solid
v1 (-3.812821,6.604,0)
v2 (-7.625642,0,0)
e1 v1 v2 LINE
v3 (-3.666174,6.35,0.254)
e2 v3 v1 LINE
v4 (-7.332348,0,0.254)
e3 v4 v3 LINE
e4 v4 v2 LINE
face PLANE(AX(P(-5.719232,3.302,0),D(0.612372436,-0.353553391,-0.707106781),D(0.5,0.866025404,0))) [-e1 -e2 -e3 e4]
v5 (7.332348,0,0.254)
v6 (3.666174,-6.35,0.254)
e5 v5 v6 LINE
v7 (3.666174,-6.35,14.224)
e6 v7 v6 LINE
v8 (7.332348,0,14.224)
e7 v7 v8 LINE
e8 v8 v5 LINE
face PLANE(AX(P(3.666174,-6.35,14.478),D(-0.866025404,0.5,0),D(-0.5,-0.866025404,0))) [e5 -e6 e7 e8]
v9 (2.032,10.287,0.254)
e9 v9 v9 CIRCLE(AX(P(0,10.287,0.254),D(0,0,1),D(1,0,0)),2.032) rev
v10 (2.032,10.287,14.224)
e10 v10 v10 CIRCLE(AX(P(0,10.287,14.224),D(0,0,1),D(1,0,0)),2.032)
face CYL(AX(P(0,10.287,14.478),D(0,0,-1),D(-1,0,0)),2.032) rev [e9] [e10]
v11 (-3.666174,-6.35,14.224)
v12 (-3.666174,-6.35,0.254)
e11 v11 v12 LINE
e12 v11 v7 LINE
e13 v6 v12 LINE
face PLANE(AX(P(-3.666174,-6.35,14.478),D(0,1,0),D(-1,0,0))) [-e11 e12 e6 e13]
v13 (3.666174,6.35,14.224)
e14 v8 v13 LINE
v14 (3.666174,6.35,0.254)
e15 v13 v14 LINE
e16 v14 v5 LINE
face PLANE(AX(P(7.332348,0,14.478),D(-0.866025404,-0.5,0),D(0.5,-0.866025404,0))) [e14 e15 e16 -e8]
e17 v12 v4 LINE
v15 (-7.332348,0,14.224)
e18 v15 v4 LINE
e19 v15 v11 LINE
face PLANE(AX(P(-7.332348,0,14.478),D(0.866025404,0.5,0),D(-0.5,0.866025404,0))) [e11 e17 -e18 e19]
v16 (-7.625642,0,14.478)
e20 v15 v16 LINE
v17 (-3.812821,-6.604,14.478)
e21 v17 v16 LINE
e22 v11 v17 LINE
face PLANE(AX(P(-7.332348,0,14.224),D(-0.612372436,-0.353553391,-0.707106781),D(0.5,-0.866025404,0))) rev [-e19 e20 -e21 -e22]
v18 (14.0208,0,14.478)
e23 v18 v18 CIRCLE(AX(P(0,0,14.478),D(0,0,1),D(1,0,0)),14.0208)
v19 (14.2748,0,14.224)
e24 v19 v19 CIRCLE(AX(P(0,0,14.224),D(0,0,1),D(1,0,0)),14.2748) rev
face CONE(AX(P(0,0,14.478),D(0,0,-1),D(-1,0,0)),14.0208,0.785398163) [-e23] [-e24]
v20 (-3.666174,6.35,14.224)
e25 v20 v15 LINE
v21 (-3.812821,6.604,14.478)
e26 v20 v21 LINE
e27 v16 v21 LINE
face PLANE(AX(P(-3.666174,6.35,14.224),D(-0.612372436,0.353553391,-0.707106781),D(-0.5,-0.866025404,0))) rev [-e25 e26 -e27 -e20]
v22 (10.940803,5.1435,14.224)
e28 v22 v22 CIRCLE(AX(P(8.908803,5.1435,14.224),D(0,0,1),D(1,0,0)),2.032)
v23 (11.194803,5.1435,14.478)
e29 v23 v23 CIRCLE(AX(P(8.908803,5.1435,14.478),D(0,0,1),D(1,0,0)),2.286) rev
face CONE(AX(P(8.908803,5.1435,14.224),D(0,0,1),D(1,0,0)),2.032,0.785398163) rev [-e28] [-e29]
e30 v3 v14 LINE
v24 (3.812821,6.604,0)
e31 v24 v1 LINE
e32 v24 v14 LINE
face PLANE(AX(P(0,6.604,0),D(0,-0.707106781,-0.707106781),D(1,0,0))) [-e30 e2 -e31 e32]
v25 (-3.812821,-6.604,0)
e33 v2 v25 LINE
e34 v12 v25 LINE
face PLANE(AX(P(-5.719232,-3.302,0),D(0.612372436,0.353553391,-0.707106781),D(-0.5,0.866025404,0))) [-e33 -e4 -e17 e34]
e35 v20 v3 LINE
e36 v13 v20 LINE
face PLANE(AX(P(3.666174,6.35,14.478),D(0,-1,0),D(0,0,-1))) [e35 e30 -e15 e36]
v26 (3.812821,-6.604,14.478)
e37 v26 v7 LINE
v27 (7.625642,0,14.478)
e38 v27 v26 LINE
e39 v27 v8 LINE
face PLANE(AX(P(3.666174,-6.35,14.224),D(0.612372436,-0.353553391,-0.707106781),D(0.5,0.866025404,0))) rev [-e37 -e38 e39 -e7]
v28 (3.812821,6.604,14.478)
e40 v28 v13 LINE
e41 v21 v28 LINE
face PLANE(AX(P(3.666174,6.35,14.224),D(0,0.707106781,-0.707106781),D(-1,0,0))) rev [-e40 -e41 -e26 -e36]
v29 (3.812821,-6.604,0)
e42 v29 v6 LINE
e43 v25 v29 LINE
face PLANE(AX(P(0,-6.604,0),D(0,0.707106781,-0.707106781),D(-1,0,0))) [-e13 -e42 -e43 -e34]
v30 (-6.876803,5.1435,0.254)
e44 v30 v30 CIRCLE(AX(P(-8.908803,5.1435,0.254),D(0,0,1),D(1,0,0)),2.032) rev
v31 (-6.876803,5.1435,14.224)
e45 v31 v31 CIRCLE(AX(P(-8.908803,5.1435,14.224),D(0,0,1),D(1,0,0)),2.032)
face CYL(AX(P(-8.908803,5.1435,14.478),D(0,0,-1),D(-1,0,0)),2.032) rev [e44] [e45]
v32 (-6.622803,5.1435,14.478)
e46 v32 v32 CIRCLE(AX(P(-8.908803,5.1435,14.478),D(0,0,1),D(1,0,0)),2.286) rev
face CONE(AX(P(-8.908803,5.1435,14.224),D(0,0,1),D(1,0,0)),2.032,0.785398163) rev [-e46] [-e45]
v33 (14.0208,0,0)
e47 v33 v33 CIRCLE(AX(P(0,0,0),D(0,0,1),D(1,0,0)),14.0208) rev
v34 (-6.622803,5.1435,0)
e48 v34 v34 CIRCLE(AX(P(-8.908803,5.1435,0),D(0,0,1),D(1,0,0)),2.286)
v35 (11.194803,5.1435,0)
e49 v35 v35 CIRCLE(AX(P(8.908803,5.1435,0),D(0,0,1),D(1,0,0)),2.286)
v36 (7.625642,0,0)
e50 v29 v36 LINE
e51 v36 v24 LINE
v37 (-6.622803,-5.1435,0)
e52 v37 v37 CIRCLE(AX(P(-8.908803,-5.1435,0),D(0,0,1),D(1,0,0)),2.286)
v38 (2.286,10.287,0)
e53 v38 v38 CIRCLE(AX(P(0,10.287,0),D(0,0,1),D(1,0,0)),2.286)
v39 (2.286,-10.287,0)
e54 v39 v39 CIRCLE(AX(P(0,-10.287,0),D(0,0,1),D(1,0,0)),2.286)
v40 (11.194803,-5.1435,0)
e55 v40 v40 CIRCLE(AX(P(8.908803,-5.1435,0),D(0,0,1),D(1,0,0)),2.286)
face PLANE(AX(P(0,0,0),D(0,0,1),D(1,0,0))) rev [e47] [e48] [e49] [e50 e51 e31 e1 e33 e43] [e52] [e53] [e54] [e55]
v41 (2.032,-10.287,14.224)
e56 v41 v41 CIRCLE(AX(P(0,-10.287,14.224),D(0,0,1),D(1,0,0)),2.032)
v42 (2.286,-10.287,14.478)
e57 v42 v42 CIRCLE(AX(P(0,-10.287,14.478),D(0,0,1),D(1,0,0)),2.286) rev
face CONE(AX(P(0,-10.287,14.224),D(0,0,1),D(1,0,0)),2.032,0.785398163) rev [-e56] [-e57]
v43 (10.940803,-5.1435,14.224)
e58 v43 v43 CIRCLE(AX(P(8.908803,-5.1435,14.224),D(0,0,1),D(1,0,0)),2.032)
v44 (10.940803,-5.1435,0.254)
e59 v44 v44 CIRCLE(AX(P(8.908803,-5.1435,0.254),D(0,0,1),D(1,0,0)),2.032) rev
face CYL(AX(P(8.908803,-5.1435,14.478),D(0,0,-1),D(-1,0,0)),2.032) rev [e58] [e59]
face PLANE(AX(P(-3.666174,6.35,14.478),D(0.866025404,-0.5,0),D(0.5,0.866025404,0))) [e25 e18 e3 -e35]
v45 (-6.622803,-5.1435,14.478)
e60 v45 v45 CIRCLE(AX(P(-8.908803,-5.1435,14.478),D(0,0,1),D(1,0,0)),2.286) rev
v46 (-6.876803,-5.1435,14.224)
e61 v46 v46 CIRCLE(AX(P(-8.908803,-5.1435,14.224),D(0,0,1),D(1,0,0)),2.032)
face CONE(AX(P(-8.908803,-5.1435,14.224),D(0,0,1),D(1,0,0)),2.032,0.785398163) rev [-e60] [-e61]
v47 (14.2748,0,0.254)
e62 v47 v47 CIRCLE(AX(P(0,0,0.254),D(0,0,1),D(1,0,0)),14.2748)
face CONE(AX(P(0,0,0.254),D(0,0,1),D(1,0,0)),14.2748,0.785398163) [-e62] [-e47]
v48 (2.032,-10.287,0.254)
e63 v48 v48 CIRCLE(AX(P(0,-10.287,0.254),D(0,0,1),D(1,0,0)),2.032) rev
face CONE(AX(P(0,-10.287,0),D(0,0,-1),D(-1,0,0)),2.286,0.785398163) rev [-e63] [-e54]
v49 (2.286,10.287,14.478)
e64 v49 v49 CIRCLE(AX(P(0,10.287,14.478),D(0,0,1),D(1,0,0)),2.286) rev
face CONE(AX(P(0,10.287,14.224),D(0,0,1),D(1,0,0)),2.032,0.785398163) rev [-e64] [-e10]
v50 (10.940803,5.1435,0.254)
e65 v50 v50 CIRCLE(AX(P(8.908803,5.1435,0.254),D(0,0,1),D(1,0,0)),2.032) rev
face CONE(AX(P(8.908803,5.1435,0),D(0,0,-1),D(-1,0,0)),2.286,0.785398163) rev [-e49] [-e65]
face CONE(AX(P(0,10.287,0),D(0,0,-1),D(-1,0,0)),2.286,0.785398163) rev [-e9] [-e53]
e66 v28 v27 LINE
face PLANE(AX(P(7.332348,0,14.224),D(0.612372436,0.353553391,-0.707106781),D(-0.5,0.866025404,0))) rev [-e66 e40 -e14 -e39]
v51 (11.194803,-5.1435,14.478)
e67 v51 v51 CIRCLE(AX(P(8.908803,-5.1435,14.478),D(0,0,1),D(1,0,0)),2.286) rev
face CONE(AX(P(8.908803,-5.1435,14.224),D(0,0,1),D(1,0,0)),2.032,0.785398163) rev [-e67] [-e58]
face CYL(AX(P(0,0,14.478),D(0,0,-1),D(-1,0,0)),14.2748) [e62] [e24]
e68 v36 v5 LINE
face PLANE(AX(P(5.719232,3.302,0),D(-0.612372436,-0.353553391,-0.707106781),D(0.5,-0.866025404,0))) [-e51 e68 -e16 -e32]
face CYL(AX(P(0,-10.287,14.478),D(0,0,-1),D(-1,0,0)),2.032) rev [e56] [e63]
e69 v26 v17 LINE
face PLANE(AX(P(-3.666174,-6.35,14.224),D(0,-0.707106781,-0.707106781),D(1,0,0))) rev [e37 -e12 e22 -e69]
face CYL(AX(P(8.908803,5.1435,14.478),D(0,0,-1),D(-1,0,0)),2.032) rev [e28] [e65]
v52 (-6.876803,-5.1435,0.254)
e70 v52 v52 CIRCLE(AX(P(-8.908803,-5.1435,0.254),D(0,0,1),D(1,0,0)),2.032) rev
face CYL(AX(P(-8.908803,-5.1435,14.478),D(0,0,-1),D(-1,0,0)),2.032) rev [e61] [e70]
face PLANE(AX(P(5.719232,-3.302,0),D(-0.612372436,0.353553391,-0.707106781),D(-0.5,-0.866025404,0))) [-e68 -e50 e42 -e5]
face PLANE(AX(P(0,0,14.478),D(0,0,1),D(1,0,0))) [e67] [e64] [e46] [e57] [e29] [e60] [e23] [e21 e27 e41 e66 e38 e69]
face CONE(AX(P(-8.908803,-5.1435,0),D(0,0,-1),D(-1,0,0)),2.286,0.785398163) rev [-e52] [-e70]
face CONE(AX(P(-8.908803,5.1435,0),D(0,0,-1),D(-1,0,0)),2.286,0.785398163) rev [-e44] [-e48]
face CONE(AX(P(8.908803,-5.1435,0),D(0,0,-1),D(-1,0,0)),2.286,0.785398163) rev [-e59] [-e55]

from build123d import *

# Parameters (mm, degrees)
SKETCH1_R           = 14.2748
SKETCH1_R_2         = 2.032
BOSS_EXTRUDE1_DEPTH = 14.478
CHAMFER1_SIZE       = 0.254


with BuildPart() as part:
    # Sketch1 → Boss-Extrude1 (new body)
    with BuildSketch(Plane.XY):
        Circle(SKETCH1_R)
        with Locations((0, 10.287)):
            Circle(SKETCH1_R_2, mode=Mode.SUBTRACT)
        with Locations((8.908803329, 5.1435)):
            Circle(SKETCH1_R_2, mode=Mode.SUBTRACT)
        with Locations((8.908803329, -5.1435)):
            Circle(SKETCH1_R_2, mode=Mode.SUBTRACT)
        with Locations((0, -10.287)):
            Circle(SKETCH1_R_2, mode=Mode.SUBTRACT)
        with Locations((-8.908803329, -5.1435)):
            Circle(SKETCH1_R_2, mode=Mode.SUBTRACT)
        with Locations((-8.908803329, 5.1435)):
            Circle(SKETCH1_R_2, mode=Mode.SUBTRACT)
        Polygon((-7.332348419, 0), (-3.666174209, -6.35), (3.666174209, -6.35), (7.332348419, 0), (3.666174209, 6.35), (-3.666174209, 6.35), align=None, mode=Mode.SUBTRACT)
    extrude(amount=BOSS_EXTRUDE1_DEPTH)

    # Chamfer1
    chamfer1_edges = [part.edges().sort_by_distance(p)[0] for p in [
        (0, -6.35, 0),
        (5.499261314, -3.175, 0),
        (5.499261314, 3.175, 0),
        (0, 6.35, 0),
        (-5.499261314, 3.175, 14.478),
        (-5.499261314, -3.175, 14.478),
        (0, -6.35, 14.478),
        (5.499261314, -3.175, 14.478),
        (5.499261314, 3.175, 14.478),
        (0, 6.35, 14.478),
        (-14.2748, 0, 0),
        (-2.032, 10.287, 0),
        (-2.032, 10.287, 14.478),
        (6.876803329, 5.1435, 0),
        (6.876803329, 5.1435, 14.478),
        (6.876803329, -5.1435, 0),
        (6.876803329, -5.1435, 14.478),
        (-2.032, -10.287, 0),
        (-2.032, -10.287, 14.478),
        (-10.940803329, -5.1435, 0),
        (-10.940803329, -5.1435, 14.478),
        (-14.2748, 0, 14.478),
        (-10.940803329, 5.1435, 0),
        (-10.940803329, 5.1435, 14.478),
        (-5.499261314, 3.175, 0),
        (-5.499261314, -3.175, 0),
    ]]
    chamfer(chamfer1_edges, length=CHAMFER1_SIZE)


solid = part.part
